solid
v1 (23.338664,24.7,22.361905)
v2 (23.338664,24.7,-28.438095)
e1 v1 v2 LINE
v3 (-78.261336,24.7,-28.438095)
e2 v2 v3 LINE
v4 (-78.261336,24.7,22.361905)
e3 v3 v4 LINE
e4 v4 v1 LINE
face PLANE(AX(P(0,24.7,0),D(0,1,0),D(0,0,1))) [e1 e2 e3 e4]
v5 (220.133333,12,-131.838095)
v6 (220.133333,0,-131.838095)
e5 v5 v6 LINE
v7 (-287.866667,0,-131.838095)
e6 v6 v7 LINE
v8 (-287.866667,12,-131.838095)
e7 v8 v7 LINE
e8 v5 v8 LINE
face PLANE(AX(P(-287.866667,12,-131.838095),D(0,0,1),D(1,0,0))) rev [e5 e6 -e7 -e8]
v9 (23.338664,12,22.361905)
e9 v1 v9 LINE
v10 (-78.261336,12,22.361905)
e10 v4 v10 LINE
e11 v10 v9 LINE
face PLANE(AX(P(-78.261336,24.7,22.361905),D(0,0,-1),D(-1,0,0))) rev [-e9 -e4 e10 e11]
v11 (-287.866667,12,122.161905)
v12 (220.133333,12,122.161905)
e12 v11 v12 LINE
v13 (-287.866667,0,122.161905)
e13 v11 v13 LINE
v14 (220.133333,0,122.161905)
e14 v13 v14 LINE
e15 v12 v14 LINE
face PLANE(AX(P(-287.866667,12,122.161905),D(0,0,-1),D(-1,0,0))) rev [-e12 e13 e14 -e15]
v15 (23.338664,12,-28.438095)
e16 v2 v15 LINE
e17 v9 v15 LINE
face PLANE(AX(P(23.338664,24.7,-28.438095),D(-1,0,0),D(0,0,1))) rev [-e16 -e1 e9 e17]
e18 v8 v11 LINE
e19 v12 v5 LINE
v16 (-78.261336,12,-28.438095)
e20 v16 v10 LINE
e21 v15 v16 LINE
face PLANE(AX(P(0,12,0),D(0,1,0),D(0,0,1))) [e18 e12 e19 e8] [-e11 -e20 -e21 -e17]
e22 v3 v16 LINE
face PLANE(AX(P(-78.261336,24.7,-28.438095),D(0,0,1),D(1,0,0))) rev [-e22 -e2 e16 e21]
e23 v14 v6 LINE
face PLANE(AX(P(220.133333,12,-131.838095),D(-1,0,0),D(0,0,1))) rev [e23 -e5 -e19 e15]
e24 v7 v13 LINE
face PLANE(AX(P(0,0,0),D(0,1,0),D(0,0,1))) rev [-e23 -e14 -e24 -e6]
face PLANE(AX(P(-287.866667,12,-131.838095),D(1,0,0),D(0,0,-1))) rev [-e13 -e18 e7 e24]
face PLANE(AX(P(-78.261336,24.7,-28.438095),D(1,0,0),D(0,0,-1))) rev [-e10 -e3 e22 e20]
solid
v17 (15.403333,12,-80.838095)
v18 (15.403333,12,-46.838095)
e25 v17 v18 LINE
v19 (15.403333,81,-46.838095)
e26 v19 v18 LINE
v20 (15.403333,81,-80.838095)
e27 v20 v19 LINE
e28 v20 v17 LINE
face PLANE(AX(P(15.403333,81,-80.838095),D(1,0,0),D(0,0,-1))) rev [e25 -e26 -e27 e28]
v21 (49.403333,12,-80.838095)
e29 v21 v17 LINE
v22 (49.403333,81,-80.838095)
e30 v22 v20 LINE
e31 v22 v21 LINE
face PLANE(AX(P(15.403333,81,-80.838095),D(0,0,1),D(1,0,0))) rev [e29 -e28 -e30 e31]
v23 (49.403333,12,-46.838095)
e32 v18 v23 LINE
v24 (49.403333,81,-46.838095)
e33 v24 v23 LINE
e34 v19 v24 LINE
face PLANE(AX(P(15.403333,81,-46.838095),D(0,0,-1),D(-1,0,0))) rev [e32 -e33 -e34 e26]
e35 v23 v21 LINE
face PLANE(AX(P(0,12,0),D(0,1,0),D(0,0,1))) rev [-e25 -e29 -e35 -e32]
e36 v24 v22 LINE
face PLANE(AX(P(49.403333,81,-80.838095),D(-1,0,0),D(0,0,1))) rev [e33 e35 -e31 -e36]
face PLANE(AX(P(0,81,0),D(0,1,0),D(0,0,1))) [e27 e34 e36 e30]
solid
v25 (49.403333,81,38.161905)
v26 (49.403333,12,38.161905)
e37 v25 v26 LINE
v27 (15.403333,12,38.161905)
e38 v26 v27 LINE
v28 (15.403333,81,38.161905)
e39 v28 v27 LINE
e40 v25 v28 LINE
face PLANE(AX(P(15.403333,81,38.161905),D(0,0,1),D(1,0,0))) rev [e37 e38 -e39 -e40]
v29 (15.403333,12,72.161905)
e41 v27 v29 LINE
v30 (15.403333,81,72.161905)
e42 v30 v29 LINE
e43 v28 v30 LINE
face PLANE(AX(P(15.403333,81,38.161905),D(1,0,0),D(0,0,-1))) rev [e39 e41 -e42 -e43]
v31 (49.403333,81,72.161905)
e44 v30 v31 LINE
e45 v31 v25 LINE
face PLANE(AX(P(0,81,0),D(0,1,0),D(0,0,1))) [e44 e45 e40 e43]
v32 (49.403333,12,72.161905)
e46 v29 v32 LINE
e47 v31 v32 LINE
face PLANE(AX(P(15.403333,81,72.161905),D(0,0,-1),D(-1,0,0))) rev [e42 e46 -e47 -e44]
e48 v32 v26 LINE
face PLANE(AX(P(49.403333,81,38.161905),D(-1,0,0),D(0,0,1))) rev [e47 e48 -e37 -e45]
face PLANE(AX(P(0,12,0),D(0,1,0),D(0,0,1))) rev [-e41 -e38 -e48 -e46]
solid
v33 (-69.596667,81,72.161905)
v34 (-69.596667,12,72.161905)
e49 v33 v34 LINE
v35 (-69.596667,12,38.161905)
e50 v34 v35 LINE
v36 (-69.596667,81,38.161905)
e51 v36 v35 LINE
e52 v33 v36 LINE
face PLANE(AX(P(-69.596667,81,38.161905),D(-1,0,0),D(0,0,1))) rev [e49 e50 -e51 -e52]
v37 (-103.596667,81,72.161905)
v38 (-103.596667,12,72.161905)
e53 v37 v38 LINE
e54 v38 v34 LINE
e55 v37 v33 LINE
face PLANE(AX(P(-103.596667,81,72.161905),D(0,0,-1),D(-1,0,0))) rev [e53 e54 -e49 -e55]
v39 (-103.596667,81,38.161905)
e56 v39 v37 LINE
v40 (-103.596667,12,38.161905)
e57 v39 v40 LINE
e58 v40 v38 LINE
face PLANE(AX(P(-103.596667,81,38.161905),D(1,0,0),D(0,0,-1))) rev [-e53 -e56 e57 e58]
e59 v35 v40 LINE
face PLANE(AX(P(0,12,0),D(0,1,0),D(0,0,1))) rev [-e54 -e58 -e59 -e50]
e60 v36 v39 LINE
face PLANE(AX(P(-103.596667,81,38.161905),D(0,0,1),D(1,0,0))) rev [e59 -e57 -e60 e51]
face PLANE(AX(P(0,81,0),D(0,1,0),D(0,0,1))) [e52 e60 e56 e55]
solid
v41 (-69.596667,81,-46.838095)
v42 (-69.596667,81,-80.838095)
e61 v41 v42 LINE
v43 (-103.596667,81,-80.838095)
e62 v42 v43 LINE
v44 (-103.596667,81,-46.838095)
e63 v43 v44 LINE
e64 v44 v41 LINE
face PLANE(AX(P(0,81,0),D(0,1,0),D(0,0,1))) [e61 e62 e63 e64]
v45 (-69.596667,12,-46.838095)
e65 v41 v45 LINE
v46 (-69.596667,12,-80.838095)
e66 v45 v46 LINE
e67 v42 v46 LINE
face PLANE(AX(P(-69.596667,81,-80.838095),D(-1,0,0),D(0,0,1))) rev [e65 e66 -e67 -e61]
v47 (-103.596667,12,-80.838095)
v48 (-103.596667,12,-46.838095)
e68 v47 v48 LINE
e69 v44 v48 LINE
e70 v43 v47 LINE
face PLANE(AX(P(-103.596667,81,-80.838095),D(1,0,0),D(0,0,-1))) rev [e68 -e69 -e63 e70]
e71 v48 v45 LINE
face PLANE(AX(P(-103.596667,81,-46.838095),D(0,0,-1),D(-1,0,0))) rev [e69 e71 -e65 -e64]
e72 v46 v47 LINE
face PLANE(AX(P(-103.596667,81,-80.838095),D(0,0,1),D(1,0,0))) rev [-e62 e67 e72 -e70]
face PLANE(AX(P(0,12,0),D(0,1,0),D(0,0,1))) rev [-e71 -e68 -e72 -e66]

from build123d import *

# Parameters (mm, degrees)
SKETCH1_W             = 508
SKETCH1_H             = 254
BOSS_EXTRUDE1_DEPTH   = 12
SKETCH2_W             = 34
SKETCH2_H             = 34
BOSS_EXTRUDE2_DEPTH   = 69
BOSS_EXTRUDE2_2_DEPTH = 69
BOSS_EXTRUDE2_3_DEPTH = 69
BOSS_EXTRUDE2_4_DEPTH = 69
SKETCH3_W             = 101.6
SKETCH3_H             = 50.8
BOSS_EXTRUDE3_DEPTH   = 12.7


with BuildPart() as part:
    # Sketch1 → Boss-Extrude1 (new body)
    with BuildSketch(Plane(origin=(0, 0, 0), x_dir=(1, 0, 0), z_dir=(0, 1, 0))):
        with Locations((-33.866666667, 4.838095238)):
            Rectangle(SKETCH1_W, SKETCH1_H)
    extrude(amount=BOSS_EXTRUDE1_DEPTH)

    # Sketch3 → Boss-Extrude3 (add)
    with BuildSketch(Plane(origin=(0, 12, 0), x_dir=(1, 0, 0), z_dir=(0, 1, 0))):
        with Locations((-27.461335597, 3.038095238)):
            Rectangle(SKETCH3_W, SKETCH3_H)
    extrude(amount=BOSS_EXTRUDE3_DEPTH)


with BuildPart() as body_2:
    # Sketch2 → Boss-Extrude2 (new body)
    with BuildSketch(Plane(origin=(0, 12, 0), x_dir=(1, 0, 0), z_dir=(0, 1, 0))):
        with Locations((-86.596666667, 63.838095238)):
            Rectangle(SKETCH2_W, SKETCH2_H)
    extrude(amount=BOSS_EXTRUDE2_DEPTH)


with BuildPart() as body_3:
    # Sketch2 → Boss-Extrude2 2 (new body)
    with BuildSketch(Plane(origin=(0, 12, 0), x_dir=(1, 0, 0), z_dir=(0, 1, 0))):
        with Locations((32.403333333, 63.838095238)):
            Rectangle(SKETCH2_W, SKETCH2_H)
    extrude(amount=BOSS_EXTRUDE2_2_DEPTH)


with BuildPart() as body_4:
    # Sketch2 → Boss-Extrude2 3 (new body)
    with BuildSketch(Plane(origin=(0, 12, 0), x_dir=(1, 0, 0), z_dir=(0, 1, 0))):
        with Locations((-86.596666667, -55.161904762)):
            Rectangle(SKETCH2_W, SKETCH2_H)
    extrude(amount=BOSS_EXTRUDE2_3_DEPTH)


with BuildPart() as body_5:
    # Sketch2 → Boss-Extrude2 4 (new body)
    with BuildSketch(Plane(origin=(0, 12, 0), x_dir=(1, 0, 0), z_dir=(0, 1, 0))):
        with Locations((32.403333333, -55.161904762)):
            Rectangle(SKETCH2_W, SKETCH2_H)
    extrude(amount=BOSS_EXTRUDE2_4_DEPTH)


solid = Compound([part.part, body_2.part, body_3.part, body_4.part, body_5.part])
